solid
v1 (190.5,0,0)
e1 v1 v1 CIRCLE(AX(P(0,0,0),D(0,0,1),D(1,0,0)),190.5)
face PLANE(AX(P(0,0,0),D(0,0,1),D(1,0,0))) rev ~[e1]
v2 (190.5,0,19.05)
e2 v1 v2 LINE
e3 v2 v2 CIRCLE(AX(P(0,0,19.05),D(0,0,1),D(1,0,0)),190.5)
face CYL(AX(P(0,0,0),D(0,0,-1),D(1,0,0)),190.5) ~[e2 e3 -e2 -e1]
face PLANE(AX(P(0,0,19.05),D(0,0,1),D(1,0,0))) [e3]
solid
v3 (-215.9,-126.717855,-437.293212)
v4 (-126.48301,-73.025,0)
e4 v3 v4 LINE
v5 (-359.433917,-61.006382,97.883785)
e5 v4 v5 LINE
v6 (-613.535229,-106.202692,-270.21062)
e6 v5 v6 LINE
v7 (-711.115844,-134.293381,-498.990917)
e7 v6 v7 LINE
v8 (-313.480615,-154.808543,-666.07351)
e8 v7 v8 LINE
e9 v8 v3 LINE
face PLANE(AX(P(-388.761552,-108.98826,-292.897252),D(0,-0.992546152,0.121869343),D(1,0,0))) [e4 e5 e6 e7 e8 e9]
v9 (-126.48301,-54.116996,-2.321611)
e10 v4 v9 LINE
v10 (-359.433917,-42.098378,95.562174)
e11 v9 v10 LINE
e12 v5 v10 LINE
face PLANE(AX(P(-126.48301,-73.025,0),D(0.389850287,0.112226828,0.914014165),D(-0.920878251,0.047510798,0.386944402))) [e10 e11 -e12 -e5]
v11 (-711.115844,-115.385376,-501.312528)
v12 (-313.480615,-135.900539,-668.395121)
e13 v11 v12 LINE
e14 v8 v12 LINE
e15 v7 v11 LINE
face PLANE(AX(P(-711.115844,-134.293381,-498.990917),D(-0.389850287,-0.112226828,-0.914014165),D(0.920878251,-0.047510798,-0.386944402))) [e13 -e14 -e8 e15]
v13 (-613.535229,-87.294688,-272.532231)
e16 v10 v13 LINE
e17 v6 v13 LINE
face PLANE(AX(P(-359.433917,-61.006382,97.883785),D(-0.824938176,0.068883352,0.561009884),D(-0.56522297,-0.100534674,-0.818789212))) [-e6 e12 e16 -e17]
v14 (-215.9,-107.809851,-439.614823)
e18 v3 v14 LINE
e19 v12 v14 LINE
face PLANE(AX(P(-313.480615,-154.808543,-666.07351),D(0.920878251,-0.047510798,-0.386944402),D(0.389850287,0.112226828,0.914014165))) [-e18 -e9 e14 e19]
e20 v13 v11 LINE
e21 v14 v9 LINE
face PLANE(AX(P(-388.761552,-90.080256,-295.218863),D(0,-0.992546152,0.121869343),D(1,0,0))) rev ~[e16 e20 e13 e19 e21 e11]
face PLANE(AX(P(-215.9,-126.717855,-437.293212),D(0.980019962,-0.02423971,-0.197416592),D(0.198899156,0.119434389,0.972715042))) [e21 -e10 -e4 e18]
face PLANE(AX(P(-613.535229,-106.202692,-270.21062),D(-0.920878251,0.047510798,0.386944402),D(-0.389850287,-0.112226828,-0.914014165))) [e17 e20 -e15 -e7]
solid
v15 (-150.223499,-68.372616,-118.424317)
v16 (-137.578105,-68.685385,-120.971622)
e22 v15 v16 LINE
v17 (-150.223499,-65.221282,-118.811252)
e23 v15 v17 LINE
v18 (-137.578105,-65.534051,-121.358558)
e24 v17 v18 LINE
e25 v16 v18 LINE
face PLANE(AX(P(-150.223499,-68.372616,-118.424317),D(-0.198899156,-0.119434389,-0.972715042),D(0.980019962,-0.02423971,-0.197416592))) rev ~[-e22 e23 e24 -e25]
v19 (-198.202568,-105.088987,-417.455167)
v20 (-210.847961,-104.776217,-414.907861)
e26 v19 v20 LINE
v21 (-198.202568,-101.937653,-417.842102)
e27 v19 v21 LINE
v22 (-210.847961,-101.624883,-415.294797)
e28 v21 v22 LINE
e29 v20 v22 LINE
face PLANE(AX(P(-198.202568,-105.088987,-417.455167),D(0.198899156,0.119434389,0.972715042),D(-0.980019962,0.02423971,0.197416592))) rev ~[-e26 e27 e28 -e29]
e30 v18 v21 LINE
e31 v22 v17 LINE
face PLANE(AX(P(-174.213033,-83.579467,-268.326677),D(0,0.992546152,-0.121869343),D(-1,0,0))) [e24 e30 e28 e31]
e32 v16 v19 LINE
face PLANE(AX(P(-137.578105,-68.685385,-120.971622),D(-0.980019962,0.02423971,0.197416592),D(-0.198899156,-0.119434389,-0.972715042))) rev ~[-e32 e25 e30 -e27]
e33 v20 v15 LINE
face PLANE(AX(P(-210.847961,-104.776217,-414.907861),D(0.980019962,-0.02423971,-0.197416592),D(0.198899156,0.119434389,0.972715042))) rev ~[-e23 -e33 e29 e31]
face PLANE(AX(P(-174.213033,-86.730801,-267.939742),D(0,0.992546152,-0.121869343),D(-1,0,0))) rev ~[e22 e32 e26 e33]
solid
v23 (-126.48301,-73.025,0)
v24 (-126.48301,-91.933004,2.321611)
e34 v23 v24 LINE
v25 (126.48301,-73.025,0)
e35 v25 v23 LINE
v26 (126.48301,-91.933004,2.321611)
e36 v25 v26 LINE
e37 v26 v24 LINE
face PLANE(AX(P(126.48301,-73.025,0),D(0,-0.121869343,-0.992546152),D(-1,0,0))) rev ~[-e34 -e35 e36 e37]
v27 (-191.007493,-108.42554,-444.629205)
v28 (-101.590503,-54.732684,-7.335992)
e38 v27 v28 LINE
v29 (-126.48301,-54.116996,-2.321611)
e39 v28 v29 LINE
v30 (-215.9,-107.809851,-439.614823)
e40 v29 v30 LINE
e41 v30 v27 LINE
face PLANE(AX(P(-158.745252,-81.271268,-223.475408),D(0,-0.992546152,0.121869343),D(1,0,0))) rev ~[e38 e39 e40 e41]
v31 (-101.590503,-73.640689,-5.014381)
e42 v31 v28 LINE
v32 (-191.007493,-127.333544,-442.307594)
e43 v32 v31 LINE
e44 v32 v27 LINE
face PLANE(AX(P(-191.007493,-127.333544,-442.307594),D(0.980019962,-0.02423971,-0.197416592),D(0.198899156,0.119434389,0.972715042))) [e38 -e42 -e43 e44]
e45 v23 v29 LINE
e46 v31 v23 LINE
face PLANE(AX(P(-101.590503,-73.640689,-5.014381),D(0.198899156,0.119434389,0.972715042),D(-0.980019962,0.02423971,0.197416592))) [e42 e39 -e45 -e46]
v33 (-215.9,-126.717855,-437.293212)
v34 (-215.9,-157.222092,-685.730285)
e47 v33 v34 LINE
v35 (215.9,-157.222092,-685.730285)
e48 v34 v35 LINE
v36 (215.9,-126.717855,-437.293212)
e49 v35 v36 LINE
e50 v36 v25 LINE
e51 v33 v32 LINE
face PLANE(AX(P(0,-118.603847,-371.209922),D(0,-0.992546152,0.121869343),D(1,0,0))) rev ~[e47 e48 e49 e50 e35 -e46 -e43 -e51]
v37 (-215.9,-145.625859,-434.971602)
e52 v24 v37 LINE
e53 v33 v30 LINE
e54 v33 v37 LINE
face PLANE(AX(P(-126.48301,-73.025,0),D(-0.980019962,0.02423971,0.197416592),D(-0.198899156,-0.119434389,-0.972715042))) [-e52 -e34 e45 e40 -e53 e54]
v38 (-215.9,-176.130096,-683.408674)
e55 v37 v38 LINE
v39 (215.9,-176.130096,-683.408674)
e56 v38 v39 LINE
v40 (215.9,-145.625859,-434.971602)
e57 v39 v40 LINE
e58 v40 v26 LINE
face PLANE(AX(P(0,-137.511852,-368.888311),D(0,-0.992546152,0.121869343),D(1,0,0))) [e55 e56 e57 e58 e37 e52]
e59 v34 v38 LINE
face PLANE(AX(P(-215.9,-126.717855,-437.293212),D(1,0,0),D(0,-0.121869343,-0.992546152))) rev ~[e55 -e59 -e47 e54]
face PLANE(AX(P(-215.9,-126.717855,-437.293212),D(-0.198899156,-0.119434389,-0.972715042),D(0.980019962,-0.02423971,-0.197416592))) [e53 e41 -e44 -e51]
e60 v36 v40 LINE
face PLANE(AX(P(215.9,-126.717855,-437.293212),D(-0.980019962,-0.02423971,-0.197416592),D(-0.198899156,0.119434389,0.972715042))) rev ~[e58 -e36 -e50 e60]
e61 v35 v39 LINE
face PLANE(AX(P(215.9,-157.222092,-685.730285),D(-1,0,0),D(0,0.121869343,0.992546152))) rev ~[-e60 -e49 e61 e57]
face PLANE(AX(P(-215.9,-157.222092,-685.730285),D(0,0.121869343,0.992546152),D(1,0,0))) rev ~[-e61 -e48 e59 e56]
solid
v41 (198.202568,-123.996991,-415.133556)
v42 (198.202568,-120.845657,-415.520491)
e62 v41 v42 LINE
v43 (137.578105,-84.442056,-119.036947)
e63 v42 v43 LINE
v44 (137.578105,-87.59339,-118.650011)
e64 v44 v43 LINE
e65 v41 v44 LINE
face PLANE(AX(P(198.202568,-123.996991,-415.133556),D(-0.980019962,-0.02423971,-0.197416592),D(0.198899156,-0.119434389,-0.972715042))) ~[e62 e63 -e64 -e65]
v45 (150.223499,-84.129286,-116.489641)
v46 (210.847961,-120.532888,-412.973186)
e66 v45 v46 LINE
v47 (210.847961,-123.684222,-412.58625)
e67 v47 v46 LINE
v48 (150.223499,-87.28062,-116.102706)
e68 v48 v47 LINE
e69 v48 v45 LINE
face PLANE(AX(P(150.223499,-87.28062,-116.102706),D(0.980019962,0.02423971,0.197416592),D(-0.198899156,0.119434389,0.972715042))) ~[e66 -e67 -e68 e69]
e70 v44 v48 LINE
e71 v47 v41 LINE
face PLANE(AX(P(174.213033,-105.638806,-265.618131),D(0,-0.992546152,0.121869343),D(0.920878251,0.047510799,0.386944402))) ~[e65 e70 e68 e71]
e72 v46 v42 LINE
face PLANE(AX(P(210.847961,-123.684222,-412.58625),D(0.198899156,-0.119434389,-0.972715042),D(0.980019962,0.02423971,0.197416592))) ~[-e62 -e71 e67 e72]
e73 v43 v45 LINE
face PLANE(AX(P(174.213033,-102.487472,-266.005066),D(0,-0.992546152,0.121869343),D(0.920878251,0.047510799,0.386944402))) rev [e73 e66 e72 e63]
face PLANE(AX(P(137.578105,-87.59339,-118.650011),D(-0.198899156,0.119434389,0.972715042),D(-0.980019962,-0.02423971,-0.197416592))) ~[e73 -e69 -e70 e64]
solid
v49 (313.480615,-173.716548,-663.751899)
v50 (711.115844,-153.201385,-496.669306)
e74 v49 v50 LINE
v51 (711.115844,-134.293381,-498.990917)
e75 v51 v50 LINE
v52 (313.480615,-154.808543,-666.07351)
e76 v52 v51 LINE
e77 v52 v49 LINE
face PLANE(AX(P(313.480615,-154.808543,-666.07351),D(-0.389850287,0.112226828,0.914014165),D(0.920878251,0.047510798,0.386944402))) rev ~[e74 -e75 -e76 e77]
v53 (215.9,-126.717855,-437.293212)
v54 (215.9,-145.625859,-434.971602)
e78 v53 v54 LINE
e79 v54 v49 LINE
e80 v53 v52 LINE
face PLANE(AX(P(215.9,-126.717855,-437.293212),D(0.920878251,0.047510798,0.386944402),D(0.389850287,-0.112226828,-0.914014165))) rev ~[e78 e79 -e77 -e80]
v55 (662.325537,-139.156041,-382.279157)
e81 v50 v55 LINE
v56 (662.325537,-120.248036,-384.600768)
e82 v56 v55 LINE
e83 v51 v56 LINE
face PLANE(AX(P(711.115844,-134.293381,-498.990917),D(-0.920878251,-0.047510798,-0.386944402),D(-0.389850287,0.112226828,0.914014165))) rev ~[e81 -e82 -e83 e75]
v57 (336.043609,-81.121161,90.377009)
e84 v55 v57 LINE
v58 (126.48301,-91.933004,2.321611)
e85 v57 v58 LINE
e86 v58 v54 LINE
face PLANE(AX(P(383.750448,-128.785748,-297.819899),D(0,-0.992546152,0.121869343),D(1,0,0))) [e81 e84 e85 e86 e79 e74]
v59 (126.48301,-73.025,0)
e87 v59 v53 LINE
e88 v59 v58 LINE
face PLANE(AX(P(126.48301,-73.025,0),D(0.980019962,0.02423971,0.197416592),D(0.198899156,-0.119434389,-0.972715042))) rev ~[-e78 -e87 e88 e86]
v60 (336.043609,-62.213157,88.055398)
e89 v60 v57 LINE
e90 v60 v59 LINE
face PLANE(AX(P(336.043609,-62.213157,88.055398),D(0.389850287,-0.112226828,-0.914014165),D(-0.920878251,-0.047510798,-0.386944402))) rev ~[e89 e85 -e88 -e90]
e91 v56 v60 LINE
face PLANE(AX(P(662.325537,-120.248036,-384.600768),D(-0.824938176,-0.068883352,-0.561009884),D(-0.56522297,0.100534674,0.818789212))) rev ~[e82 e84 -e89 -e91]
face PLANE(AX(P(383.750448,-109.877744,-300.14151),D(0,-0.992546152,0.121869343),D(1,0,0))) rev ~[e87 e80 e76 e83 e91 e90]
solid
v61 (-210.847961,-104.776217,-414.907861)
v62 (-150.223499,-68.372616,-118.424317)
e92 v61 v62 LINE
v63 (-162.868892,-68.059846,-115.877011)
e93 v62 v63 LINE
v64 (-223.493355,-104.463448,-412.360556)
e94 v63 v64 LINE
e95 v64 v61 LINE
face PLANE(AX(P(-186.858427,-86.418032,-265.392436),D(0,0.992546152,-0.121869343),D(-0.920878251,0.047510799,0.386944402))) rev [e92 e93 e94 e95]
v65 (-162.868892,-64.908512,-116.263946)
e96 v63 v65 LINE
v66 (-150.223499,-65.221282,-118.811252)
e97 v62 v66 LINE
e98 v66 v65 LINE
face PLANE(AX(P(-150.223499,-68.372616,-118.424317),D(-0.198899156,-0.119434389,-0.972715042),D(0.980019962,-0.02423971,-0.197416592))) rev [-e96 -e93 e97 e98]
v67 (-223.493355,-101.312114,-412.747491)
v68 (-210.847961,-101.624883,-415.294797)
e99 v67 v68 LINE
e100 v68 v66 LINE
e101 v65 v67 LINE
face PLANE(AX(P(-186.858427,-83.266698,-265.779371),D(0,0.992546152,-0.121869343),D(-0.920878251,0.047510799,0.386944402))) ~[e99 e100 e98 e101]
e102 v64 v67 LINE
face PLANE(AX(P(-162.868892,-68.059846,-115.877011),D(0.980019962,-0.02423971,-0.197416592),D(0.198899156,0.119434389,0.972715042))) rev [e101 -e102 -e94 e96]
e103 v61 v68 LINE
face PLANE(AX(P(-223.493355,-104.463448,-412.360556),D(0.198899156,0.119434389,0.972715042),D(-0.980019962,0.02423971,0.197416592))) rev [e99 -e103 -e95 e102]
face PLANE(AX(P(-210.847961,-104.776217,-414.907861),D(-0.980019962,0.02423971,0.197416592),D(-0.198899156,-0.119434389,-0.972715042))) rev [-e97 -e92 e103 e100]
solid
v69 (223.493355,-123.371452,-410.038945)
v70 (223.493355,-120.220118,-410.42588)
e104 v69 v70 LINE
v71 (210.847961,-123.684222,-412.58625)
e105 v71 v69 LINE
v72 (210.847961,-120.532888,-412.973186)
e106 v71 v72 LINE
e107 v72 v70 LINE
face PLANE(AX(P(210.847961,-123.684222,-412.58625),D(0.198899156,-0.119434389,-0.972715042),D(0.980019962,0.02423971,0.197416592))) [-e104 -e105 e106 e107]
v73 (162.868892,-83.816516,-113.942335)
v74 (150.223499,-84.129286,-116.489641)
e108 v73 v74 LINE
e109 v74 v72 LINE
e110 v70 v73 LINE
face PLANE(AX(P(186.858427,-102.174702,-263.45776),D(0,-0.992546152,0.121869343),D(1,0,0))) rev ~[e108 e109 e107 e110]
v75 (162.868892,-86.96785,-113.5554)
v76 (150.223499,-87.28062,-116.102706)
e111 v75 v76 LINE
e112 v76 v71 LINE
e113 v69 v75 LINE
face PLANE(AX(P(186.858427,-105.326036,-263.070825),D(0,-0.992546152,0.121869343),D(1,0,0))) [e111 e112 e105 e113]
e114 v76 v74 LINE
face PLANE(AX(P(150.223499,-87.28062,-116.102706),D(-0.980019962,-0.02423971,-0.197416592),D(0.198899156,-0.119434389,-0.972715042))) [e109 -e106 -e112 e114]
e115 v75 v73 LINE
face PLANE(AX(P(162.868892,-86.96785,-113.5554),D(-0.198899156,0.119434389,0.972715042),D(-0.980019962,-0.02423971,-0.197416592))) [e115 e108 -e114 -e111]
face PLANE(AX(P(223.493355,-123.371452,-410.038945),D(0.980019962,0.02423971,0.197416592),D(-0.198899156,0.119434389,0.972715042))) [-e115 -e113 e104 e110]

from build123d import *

# Parameters (mm, degrees)
F0_R      = 190.5
F2_DEPTH  = 19.05
F5_DEPTH  = 19.05
F6_DEPTH  = 19.05
F7_DEPTH  = 19.05
F9_DEPTH  = 19.05
F11_DEPTH = 3.175
F14_DEPTH = 3.175


with BuildPart() as f2:
    # F0 (on Top) → F2 (new body)
    with BuildSketch(Plane.XY):
        Circle(F0_R)
    extrude(amount=F2_DEPTH)


with BuildPart() as f5:
    # F4 (on line) → F5 (new body)
    with BuildSketch(Plane(origin=(0, -71.9404227057, 8.8331732131), x_dir=(1, 0, 0), z_dir=(0, -0.9925461516, 0.1218693434))):
        Polygon((126.4830102227, -8.8995088022), (-126.4830102227, -8.8995088022), (-215.9, -449.4767169954), (-215.9, -699.7795088022), (215.9, -699.7795088022), (215.9, -449.4767169954), align=None)
    extrude(amount=F5_DEPTH)

    # F8 (on face) → F9 (join)
    with BuildSketch(Plane(origin=(0, -71.9404227057, 8.8331732131), x_dir=(1, 0, 0), z_dir=(0, -0.9925461516, 0.1218693434))):
        Polygon((-101.5905031908, -13.9515473675), (-126.4830102227, -8.8995088022), (-215.9, -449.4767169954), (-191.0074929681, -454.5287555607), align=None)
    extrude(amount=-F9_DEPTH)


with BuildPart() as f6:
    # F4 (on line) → F6 (new body)
    with BuildSketch(Plane(origin=(0, -71.9404227057, 8.8331732131), x_dir=(1, 0, 0), z_dir=(0, -0.9925461516, 0.1218693434))):
        Polygon((336.0436092069, 79.8171695326), (126.4830102227, -8.8995088022), (215.9, -449.4767169954), (313.4806151707, -679.9751142331), (711.1158441221, -511.6377603963), (662.3255365367, -396.3885617774), align=None)
    extrude(amount=F6_DEPTH)


with BuildPart() as f7:
    # F4 (on line) → F7 (new body)
    with BuildSketch(Plane(origin=(0, -71.9404227057, 8.8331732131), x_dir=(1, 0, 0), z_dir=(0, -0.9925461516, 0.1218693434))):
        Polygon((-215.9, -449.4767169954), (-126.4830102227, -8.8995088022), (-359.4339167923, 89.7193668172), (-613.5352289514, -281.1393631585), (-711.1158441221, -511.6377603963), (-313.4806151708, -679.9751142331), align=None)
    extrude(amount=-F7_DEPTH)


with BuildPart() as f11:
    # F10 (on face) → F11 (new body)
    with BuildSketch(Plane(origin=(0, -53.0324185169, 6.5115622212), x_dir=(-1, 0, 0), z_dir=(0, 0.9925461516, -0.1218693434))):
        Polygon((198.2025678624, -427.1506455546), (210.8479614347, -424.5842099634), (150.2234986505, -125.8741255804), (137.5781050783, -128.4405611716), align=None)
    extrude(amount=F11_DEPTH)


with BuildPart() as f12_1:
    # F12: instance of F11
    add(f11.part.mirror(Plane(origin=(-180.5357300426, -84.9987494635, -266.8595566529), x_dir=(-0.0247263315, -0.9996942575, 0), z_dir=(-0.9800199619, 0.0242397096, 0.197416592))))


with BuildPart() as f14:
    # F13 (on face) → F14 (new body)
    with BuildSketch(Plane(origin=(0, -71.9404227057, 8.8331732131), x_dir=(1, 0, 0), z_dir=(0, -0.9925461516, 0.1218693434))):
        Polygon((210.8479614347, -424.5842099634), (223.4933550069, -422.0177743722), (162.8688922227, -123.3076899892), (150.2234986505, -125.8741255804), align=None)
    extrude(amount=-F14_DEPTH)


with BuildPart() as f15_1:
    # F15: instance of F14
    add(f14.part.mirror(Plane(origin=(180.5357300426, -103.9067536522, -264.537945661), x_dir=(0.0247263315, -0.9996942575, 0), z_dir=(-0.9800199619, -0.0242397096, -0.197416592))))


solid = Compound([f2.part, f5.part, f6.part, f7.part, f11.part, f12_1.part, f14.part, f15_1.part])
